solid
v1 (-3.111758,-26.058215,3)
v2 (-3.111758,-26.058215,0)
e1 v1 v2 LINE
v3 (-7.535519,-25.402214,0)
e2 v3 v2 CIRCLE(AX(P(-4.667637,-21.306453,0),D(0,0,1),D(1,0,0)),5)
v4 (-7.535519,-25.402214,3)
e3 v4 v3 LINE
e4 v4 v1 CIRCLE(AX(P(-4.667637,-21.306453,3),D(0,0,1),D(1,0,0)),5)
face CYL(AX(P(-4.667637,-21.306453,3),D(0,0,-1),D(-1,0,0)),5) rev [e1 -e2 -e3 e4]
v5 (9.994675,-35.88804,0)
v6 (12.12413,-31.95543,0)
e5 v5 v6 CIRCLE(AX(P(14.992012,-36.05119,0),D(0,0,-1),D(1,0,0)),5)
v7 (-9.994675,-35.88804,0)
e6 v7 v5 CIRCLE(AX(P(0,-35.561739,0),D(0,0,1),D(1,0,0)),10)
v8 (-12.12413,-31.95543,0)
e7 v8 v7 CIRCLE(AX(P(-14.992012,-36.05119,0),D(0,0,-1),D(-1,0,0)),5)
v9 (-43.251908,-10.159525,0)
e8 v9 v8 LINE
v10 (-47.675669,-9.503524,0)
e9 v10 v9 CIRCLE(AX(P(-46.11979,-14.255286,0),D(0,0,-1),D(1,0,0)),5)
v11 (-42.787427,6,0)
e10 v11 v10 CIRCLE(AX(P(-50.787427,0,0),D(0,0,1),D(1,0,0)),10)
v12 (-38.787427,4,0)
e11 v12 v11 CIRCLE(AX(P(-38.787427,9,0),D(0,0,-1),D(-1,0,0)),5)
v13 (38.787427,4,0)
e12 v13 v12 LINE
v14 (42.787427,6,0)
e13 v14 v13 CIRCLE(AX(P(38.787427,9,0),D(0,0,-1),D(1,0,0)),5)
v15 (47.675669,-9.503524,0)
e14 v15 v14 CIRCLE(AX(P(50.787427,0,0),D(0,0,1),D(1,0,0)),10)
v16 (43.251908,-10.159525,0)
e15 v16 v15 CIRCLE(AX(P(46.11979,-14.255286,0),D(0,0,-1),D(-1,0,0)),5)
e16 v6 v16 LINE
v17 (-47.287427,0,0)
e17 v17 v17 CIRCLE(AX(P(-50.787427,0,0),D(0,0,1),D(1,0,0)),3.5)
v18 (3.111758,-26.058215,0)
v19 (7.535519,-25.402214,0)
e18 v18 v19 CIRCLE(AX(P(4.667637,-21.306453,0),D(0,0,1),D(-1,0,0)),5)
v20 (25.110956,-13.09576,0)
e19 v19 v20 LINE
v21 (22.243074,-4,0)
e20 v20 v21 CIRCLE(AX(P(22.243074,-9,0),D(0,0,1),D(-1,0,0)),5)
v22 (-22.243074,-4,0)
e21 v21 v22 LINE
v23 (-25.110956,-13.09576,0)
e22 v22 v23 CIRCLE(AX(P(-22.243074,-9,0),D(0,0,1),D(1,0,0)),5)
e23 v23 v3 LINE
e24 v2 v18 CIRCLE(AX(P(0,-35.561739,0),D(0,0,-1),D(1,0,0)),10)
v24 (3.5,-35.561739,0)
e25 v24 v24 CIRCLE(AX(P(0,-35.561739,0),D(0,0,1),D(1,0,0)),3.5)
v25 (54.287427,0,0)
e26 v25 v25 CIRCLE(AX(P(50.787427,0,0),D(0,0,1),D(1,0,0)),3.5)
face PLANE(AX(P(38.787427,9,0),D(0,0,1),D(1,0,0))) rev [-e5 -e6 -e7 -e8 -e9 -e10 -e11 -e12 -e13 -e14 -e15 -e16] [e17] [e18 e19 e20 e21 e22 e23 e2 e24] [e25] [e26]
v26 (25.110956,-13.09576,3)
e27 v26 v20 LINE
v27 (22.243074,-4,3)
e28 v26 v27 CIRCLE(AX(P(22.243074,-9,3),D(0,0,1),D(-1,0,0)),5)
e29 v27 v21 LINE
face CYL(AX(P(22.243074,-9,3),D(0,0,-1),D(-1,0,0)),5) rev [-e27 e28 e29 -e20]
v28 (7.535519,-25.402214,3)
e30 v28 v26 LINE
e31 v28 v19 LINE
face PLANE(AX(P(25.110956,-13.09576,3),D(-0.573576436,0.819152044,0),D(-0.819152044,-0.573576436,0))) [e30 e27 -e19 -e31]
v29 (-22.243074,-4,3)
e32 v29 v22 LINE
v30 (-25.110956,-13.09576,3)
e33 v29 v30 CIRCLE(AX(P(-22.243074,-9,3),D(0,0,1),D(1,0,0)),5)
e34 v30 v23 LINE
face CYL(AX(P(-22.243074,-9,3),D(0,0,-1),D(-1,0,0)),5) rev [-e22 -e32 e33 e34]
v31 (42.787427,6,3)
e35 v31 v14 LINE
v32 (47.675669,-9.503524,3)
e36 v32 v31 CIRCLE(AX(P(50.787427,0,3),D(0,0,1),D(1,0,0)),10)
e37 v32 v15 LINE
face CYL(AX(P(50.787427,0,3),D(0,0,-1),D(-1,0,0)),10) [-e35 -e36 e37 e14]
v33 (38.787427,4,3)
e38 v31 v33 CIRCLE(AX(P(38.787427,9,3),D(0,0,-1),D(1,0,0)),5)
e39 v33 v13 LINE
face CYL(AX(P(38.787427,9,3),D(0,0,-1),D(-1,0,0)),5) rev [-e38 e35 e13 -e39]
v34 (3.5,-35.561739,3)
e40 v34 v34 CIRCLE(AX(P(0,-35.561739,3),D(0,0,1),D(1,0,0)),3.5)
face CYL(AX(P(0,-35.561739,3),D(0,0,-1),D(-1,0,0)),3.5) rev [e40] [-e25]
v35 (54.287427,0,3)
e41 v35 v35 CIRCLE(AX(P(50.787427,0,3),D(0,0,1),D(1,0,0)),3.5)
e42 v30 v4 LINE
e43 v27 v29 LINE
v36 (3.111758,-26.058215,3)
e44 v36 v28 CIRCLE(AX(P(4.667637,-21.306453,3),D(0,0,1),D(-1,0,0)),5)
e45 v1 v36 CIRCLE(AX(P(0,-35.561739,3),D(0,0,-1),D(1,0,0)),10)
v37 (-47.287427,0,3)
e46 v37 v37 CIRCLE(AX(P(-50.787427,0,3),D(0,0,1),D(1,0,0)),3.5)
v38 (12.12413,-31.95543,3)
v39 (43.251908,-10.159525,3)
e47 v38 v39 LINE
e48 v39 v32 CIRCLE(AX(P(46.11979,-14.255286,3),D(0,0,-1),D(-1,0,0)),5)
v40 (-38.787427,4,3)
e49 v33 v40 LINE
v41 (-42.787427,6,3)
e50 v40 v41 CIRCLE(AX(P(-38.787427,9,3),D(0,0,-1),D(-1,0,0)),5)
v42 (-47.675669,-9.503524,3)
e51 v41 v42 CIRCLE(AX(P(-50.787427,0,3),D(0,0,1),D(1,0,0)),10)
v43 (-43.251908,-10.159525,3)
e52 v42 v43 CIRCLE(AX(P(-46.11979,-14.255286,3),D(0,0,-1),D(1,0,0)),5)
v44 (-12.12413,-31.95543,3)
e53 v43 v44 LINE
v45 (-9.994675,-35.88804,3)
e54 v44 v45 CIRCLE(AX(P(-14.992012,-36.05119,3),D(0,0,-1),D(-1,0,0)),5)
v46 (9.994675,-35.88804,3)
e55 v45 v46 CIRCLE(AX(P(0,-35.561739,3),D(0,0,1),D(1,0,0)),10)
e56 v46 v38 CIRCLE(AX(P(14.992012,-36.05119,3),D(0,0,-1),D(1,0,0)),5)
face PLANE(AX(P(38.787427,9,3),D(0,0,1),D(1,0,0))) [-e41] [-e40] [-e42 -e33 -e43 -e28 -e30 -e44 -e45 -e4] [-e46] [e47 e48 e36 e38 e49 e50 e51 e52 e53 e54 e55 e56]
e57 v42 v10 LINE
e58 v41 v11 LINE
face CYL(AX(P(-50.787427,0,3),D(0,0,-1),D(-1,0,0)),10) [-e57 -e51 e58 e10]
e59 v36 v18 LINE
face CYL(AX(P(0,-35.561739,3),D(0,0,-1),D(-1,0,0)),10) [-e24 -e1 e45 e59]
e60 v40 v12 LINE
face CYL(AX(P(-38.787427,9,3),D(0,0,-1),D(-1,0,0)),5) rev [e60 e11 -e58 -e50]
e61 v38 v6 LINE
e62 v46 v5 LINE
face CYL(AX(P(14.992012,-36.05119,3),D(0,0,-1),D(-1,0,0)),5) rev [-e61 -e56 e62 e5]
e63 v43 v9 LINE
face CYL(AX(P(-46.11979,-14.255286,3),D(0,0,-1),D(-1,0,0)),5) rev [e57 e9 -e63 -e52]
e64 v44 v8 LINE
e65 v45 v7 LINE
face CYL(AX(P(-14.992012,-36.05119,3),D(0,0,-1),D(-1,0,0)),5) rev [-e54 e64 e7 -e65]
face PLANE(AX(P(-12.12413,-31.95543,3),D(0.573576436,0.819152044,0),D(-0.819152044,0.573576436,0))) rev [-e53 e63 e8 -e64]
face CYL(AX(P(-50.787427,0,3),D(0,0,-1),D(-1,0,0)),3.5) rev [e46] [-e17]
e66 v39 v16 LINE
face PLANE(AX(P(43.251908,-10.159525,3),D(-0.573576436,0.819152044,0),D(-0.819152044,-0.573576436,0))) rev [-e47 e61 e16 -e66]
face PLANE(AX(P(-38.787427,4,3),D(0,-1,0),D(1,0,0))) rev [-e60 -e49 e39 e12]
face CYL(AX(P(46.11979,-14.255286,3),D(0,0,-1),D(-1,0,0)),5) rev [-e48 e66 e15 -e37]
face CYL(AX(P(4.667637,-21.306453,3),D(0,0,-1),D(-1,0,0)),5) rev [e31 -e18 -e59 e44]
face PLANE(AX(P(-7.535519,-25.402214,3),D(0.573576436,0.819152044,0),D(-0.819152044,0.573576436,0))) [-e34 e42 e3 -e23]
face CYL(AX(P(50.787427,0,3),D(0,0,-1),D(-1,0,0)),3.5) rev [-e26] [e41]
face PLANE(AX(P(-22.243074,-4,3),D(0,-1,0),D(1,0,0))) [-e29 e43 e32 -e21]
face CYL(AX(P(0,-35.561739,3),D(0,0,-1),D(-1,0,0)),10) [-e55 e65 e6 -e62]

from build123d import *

# Parameters (mm, degrees)
SKETCH_1_R      = 3.5
EXTRUDE_2_DEPTH = 3


with BuildPart() as part:
    # 草圖1 → 填料-伸長2 (new body)
    with BuildSketch(Plane.XY):
        with BuildLine():
            Line((43.25190796, -10.159525413), (12.124130277, -31.955429995))
            ThreePointArc((12.124130277, -31.955429995), (10.595221, -33.670386808), (9.994674972, -35.888039829))
            ThreePointArc((9.994674972, -35.888039829), (0, -45.561739054), (-9.994674972, -35.888039829))
            ThreePointArc((-9.994674972, -35.888039829), (-10.595221, -33.670386808), (-12.124130277, -31.955429995))
            Line((-12.124130277, -31.955429995), (-43.25190796, -10.159525413))
            ThreePointArc((-43.25190796, -10.159525413), (-45.386357993, -9.309370423), (-47.67566901, -9.503523757))
            ThreePointArc((-47.67566901, -9.503523757), (-60.324596253, 3.007057995), (-42.787426746, 6))
            ThreePointArc((-42.787426746, 6), (-41.023494723, 4.527864045), (-38.787426746, 4))
            Line((-38.787426746, 4), (38.787426746, 4))
            ThreePointArc((38.787426746, 4), (41.023494723, 4.527864045), (42.787426746, 6))
            ThreePointArc((42.787426746, 6), (60.324596253, 3.007057995), (47.67566901, -9.503523757))
            ThreePointArc((47.67566901, -9.503523757), (45.386357993, -9.309370423), (43.25190796, -10.159525413))
        make_face()
        with Locations((50.787426746, 0)):
            Circle(SKETCH_1_R, mode=Mode.SUBTRACT)
        with Locations((-50.787426746, 0)):
            Circle(SKETCH_1_R, mode=Mode.SUBTRACT)
        with Locations((0, -35.561739054)):
            Circle(SKETCH_1_R, mode=Mode.SUBTRACT)
        with BuildLine():
            Line((-22.243073525, -4), (22.243073525, -4))
            ThreePointArc((22.243073525, -4), (27.011658278, -7.496471002), (25.110955706, -13.095760221))
            Line((25.110955706, -13.095760221), (7.535518786, -25.40221364))
            ThreePointArc((7.535518786, -25.40221364), (5.401068753, -26.252368631), (3.111757736, -26.058215297))
            ThreePointArc((3.111757736, -26.058215297), (0, -25.561739054), (-3.111757736, -26.058215297))
            ThreePointArc((-3.111757736, -26.058215297), (-5.401068753, -26.252368631), (-7.535518786, -25.40221364))
            Line((-7.535518786, -25.40221364), (-25.110955706, -13.095760221))
            ThreePointArc((-25.110955706, -13.095760221), (-27.011658278, -7.496471002), (-22.243073525, -4))
        make_face(mode=Mode.SUBTRACT)
    extrude(amount=EXTRUDE_2_DEPTH)


solid = part.part
